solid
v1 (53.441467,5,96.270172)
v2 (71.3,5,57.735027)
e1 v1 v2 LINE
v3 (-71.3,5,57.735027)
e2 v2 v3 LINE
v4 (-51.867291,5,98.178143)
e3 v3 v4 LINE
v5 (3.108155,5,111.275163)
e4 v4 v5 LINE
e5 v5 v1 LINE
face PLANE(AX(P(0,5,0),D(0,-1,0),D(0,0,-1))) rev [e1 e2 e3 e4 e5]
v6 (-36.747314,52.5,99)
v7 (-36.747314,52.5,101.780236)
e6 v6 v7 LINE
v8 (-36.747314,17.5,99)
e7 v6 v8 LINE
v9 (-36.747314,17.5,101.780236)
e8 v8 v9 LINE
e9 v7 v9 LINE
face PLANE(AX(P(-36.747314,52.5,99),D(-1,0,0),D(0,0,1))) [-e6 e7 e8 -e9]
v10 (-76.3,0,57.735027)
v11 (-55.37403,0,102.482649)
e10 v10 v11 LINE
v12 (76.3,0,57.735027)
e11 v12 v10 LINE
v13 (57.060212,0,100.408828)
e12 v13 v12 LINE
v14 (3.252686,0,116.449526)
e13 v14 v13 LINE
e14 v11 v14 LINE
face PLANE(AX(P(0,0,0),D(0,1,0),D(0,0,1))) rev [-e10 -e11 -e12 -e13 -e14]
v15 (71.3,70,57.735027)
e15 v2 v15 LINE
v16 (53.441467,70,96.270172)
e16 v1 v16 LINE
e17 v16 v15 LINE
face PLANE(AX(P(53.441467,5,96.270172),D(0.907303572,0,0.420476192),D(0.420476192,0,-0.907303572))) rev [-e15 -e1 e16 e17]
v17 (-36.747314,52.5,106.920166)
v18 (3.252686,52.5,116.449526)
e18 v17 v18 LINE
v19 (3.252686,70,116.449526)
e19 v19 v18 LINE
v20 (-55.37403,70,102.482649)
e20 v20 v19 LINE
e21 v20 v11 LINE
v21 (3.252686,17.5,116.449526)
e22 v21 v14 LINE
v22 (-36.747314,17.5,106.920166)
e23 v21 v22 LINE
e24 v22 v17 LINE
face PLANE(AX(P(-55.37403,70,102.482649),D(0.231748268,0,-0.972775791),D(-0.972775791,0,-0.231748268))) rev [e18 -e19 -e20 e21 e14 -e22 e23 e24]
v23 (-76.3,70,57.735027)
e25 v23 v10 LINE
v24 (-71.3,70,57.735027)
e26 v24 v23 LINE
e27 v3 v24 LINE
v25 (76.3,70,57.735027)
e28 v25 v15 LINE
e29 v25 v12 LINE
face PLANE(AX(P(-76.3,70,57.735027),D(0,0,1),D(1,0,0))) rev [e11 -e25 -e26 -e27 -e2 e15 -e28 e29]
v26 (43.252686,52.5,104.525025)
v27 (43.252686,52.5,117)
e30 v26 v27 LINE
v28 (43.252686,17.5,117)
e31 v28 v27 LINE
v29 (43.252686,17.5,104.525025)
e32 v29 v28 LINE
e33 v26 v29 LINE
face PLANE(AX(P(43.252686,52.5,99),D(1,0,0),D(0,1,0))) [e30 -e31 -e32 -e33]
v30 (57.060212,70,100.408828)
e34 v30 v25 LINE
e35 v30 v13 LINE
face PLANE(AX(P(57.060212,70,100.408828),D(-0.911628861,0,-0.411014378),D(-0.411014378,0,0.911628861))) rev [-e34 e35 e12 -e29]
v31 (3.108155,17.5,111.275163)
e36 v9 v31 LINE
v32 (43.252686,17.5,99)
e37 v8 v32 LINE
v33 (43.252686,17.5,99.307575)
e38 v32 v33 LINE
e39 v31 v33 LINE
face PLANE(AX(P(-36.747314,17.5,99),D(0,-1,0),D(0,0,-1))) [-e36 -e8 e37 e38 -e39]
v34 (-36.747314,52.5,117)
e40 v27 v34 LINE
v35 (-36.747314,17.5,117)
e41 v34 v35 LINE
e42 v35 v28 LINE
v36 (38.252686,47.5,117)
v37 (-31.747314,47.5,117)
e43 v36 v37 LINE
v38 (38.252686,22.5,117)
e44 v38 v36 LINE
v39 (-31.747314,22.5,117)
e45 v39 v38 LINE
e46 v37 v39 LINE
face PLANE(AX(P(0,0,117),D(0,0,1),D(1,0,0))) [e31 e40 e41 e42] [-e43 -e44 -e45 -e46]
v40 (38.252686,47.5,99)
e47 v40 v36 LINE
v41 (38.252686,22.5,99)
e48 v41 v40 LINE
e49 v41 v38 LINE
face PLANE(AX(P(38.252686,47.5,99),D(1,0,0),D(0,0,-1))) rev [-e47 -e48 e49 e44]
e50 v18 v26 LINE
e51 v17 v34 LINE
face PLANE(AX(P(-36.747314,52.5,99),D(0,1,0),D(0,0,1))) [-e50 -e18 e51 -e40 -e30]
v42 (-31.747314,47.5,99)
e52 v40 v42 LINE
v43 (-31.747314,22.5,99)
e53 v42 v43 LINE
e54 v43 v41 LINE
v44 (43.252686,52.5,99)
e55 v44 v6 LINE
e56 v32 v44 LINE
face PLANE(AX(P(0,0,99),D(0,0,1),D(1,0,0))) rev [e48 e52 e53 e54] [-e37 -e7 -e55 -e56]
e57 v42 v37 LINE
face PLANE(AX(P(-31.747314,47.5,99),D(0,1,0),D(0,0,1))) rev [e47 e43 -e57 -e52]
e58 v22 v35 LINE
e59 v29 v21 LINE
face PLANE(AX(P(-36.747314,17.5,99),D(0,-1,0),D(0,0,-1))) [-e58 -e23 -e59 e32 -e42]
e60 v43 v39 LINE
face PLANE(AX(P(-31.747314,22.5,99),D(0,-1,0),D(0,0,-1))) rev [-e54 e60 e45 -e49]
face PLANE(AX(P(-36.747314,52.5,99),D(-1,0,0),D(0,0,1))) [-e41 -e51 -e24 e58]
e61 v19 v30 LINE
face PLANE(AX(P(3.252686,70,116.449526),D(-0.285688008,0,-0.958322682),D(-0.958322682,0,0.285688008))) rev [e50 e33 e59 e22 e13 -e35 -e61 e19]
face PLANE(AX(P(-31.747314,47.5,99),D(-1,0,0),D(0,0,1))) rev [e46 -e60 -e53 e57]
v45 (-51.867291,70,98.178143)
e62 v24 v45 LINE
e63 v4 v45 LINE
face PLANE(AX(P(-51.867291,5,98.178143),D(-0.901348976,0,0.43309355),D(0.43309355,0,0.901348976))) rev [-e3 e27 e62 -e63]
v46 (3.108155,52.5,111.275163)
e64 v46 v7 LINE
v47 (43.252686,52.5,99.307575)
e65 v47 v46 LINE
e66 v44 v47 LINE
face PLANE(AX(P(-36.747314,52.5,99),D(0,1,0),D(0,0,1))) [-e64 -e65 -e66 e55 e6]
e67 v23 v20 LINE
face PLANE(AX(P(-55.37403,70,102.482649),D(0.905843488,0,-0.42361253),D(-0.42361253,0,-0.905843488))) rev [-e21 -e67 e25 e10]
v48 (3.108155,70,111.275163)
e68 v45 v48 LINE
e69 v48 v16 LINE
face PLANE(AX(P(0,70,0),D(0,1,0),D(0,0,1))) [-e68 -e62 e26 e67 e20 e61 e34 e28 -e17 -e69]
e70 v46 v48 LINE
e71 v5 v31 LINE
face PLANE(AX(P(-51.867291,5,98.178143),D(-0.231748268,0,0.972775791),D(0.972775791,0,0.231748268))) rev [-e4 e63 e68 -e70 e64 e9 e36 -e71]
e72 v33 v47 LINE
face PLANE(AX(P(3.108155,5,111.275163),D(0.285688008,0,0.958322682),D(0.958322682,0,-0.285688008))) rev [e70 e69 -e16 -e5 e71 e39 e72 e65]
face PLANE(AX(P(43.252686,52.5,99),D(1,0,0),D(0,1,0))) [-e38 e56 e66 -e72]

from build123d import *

# Parameters (mm, degrees)
BOSS_EXTRUDE1_DEPTH = 70
CUT_EXTRUDE1_DEPTH  = 65
SKETCH5_W           = 80
SKETCH5_H           = 35
BOSS_EXTRUDE2_DEPTH = 18
SKETCH6_W           = 70
SKETCH6_H           = 25
CUT_EXTRUDE2_DEPTH  = 18


with BuildPart() as part:
    # Sketch1 → Boss-Extrude1 (new body)
    with BuildSketch(Plane(origin=(0, 0, 0), x_dir=(1, 0, 0), z_dir=(0, 1, 0))):
        Polygon((-55.37403033, -102.482648945), (3.252686078, -116.449526131), (57.060212297, -100.408827863), (76.3, -57.735026919), (-76.3, -57.735026919), align=None)
    extrude(amount=BOSS_EXTRUDE1_DEPTH)

    # Sketch4 → Cut-Extrude1 (cut)
    with BuildSketch(Plane(origin=(0, 70, 0), x_dir=(1, 0, 0), z_dir=(0, 1, 0))):
        Polygon((-51.867290581, -98.178143042), (3.108154981, -111.275163368), (53.44146669, -96.270172009), (71.3, -57.735026919), (-71.3, -57.735026919), align=None)
    extrude(amount=-CUT_EXTRUDE1_DEPTH, mode=Mode.SUBTRACT)

    # Sketch5 → Boss-Extrude2 (add)
    with BuildSketch(Plane.XY.offset(117)):
        with Locations((3.252686078, 35)):
            Rectangle(SKETCH5_W, SKETCH5_H)
    extrude(amount=-BOSS_EXTRUDE2_DEPTH)

    # Sketch6 → Cut-Extrude2 (cut)
    with BuildSketch(Plane.XY.offset(117)):
        with Locations((3.252686078, 35)):
            Rectangle(SKETCH6_W, SKETCH6_H)
    extrude(amount=-CUT_EXTRUDE2_DEPTH, mode=Mode.SUBTRACT)


solid = part.part
